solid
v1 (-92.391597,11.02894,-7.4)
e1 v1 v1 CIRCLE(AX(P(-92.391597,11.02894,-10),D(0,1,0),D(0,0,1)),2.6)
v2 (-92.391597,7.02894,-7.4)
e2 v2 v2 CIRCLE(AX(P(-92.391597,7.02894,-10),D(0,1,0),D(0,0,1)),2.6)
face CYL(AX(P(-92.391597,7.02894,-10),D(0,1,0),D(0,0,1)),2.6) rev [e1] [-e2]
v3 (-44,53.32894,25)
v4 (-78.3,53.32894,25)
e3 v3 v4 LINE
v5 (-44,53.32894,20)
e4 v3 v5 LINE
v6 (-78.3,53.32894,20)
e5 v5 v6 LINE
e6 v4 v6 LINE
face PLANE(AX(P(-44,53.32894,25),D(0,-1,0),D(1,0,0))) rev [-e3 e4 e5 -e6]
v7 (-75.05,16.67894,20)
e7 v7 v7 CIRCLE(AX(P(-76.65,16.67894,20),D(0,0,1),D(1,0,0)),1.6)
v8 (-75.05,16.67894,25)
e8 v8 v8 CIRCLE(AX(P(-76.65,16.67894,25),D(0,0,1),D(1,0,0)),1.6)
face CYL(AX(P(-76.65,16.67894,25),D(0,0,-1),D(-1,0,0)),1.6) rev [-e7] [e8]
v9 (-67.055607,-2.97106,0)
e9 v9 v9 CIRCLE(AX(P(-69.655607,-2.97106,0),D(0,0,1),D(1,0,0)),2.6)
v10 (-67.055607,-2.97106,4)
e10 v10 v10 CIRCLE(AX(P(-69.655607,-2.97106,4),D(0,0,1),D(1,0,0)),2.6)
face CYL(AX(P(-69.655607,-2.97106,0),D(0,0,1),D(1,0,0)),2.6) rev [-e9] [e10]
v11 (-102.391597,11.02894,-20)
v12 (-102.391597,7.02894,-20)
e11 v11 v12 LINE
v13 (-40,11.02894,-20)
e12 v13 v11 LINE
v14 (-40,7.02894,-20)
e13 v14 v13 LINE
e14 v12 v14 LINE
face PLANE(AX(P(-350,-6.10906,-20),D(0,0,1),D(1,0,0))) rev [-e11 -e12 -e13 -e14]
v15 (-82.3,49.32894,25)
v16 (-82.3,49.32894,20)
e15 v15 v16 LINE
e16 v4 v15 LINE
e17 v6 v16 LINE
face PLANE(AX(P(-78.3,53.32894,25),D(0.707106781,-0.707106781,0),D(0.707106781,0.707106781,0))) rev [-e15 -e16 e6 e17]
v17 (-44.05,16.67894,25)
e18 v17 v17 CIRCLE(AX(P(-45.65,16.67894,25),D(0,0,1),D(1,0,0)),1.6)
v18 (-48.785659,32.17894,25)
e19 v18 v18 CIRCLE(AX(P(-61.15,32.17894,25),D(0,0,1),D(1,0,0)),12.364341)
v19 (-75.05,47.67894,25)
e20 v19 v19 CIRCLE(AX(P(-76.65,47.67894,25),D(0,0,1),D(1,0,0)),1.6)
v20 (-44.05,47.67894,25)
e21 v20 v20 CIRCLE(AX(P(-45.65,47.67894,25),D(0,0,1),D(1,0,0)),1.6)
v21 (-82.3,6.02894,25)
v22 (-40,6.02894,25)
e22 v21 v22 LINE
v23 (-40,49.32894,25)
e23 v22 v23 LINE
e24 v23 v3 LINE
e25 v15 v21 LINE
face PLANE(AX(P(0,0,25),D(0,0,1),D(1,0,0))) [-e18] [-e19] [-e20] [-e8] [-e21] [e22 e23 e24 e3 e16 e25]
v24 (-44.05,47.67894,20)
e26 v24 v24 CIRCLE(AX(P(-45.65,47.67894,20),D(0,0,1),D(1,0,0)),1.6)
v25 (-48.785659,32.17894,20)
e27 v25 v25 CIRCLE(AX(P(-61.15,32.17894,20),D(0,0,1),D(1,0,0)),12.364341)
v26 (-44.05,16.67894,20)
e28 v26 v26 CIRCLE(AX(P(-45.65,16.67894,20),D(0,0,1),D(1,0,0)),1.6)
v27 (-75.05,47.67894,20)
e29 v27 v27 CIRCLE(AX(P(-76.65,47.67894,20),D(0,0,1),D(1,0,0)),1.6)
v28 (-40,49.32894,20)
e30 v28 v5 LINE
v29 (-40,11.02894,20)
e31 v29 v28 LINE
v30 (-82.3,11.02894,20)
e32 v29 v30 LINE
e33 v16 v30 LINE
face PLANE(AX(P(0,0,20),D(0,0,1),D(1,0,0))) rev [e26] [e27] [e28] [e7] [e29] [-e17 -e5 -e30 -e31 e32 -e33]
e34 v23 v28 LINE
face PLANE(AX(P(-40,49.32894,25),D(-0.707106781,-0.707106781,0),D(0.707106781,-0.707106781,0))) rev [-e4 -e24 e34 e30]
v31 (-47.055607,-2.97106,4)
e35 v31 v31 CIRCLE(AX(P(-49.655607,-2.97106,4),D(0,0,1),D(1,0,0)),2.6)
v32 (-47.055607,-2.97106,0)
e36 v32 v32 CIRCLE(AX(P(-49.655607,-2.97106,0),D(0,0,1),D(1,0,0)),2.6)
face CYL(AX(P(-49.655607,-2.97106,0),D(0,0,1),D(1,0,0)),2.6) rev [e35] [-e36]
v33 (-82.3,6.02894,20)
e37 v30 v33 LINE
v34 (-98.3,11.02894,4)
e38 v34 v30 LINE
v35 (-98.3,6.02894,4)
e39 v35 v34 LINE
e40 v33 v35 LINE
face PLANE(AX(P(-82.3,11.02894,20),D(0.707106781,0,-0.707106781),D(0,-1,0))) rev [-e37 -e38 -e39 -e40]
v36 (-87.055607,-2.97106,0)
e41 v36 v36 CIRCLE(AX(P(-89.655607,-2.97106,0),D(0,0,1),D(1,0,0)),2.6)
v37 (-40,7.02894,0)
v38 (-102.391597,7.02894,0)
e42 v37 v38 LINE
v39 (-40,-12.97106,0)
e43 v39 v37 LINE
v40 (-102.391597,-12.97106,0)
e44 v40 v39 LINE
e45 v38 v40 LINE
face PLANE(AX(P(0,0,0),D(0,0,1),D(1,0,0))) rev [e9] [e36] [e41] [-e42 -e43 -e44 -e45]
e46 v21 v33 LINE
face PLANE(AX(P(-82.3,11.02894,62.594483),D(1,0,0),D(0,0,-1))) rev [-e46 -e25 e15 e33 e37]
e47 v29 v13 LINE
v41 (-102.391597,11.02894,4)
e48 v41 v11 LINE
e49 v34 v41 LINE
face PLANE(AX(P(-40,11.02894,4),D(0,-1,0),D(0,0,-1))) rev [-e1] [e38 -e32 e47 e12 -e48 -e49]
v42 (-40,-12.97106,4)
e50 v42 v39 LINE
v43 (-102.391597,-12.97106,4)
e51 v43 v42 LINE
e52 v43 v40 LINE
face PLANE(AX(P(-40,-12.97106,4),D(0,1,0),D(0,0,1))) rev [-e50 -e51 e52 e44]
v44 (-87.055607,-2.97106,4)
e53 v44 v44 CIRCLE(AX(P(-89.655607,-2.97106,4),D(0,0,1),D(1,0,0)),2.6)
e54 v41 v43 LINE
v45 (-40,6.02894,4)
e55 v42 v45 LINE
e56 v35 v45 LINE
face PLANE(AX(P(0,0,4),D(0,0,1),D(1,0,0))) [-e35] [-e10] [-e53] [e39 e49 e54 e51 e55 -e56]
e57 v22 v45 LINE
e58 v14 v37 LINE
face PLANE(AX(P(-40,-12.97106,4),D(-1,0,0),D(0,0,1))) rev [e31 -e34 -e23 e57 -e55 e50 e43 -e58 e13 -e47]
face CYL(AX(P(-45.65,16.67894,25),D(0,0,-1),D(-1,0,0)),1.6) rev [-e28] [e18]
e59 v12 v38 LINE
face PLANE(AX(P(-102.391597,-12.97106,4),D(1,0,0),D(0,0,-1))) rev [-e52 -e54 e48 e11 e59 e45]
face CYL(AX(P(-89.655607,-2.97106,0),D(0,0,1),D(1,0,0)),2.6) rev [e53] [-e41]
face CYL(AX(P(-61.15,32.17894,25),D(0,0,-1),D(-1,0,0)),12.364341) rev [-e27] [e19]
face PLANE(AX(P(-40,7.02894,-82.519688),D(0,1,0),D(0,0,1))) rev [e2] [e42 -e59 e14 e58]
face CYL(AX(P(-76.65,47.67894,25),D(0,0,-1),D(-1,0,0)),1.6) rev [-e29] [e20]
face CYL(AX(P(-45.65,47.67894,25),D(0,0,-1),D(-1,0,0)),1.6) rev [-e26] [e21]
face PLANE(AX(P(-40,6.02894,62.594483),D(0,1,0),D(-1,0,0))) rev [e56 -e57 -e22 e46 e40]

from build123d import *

# Parameters (mm, degrees)
SKICA1_W                 = 62.391596743
SKICA1_H                 = 24
P_IDAT_VYSUNUT_M1_DEPTH  = 4
SKICA2_W                 = 42.3
SKICA2_H                 = 5
P_IDAT_VYSUNUT_M2_DEPTH  = 16
SKICA3_R                 = 1.6
SKICA3_R_2               = 12.36434098
P_IDAT_VYSUNUT_M5_DEPTH  = 5
ZKOSEN_1_SIZE            = 16
SKICA4_R                 = 2.6
ODEBRAT_VYSUNUT_M1_DEPTH = 4
SKICA5_W                 = 62.391596743
SKICA5_H                 = 4
P_IDAT_VYSUNUT_M6_DEPTH  = 20
SKICA6_R                 = 2.6
ODEBRAT_VYSUNUT_M2_DEPTH = 4


with BuildPart() as part:
    # Skica1 → Přidat vysunutím1 (new body)
    with BuildSketch(Plane.XY):
        with Locations((-71.195798372, -0.971059771)):
            Rectangle(SKICA1_W, SKICA1_H)
    extrude(amount=P_IDAT_VYSUNUT_M1_DEPTH)

    # Skica2 → Přidat vysunutím2 (add)
    with BuildSketch(Plane.XY.offset(4)):
        with Locations((-61.15, 8.528940229)):
            Rectangle(SKICA2_W, SKICA2_H)
    extrude(amount=P_IDAT_VYSUNUT_M2_DEPTH)

    # Skica3 → Přidat vysunutím5 (add)
    with BuildSketch(Plane.XY.offset(20)):
        Polygon((-40, 6.028940229), (-82.3, 6.028940229), (-82.3, 49.328940229), (-78.3, 53.328940229), (-44, 53.328940229), (-40, 49.328940229), align=None)
        with Locations((-45.65, 47.678940229)):
            Circle(SKICA3_R, mode=Mode.SUBTRACT)
        with Locations((-76.65, 47.678940229)):
            Circle(SKICA3_R, mode=Mode.SUBTRACT)
        with Locations((-76.65, 16.678940229)):
            Circle(SKICA3_R, mode=Mode.SUBTRACT)
        with Locations((-45.65, 16.678940229)):
            Circle(SKICA3_R, mode=Mode.SUBTRACT)
        with Locations((-61.15, 32.178940229)):
            Circle(SKICA3_R_2, mode=Mode.SUBTRACT)
    extrude(amount=P_IDAT_VYSUNUT_M5_DEPTH)

    # Zkosení1
    zkosen_1_edges = [part.edges().sort_by_distance(p)[0] for p in [
        (-82.3, 8.528940229, 4),
    ]]
    chamfer(zkosen_1_edges, length=ZKOSEN_1_SIZE)

    # Skica4 → Odebrat vysunutím1 (cut)
    with BuildSketch(Plane.XY.offset(4)):
        with Locations((-89.655606689, -2.971059771)):
            Circle(SKICA4_R)
        with Locations((-69.655606689, -2.971059771)):
            Circle(SKICA4_R)
        with Locations((-49.655606689, -2.971059771)):
            Circle(SKICA4_R)
    extrude(amount=-ODEBRAT_VYSUNUT_M1_DEPTH, mode=Mode.SUBTRACT)

    # Skica5 → Přidat vysunutím6 (add)
    with BuildSketch(Plane(origin=(0, 0, 0), x_dir=(-1, 0, 0), z_dir=(0, 0, -1))):
        with Locations((71.195798372, 9.028940229)):
            Rectangle(SKICA5_W, SKICA5_H)
    extrude(amount=P_IDAT_VYSUNUT_M6_DEPTH)

    # Skica6 → Odebrat vysunutím2 (cut)
    with BuildSketch(Plane(origin=(0, 11.028940229, 0), x_dir=(1, 0, 0), z_dir=(0, 1, 0))):
        with Locations(Location((-92.391596743, 10, 0), (0, 0, 270))):
            Circle(SKICA6_R)
    extrude(amount=-ODEBRAT_VYSUNUT_M2_DEPTH, mode=Mode.SUBTRACT)


solid = part.part
